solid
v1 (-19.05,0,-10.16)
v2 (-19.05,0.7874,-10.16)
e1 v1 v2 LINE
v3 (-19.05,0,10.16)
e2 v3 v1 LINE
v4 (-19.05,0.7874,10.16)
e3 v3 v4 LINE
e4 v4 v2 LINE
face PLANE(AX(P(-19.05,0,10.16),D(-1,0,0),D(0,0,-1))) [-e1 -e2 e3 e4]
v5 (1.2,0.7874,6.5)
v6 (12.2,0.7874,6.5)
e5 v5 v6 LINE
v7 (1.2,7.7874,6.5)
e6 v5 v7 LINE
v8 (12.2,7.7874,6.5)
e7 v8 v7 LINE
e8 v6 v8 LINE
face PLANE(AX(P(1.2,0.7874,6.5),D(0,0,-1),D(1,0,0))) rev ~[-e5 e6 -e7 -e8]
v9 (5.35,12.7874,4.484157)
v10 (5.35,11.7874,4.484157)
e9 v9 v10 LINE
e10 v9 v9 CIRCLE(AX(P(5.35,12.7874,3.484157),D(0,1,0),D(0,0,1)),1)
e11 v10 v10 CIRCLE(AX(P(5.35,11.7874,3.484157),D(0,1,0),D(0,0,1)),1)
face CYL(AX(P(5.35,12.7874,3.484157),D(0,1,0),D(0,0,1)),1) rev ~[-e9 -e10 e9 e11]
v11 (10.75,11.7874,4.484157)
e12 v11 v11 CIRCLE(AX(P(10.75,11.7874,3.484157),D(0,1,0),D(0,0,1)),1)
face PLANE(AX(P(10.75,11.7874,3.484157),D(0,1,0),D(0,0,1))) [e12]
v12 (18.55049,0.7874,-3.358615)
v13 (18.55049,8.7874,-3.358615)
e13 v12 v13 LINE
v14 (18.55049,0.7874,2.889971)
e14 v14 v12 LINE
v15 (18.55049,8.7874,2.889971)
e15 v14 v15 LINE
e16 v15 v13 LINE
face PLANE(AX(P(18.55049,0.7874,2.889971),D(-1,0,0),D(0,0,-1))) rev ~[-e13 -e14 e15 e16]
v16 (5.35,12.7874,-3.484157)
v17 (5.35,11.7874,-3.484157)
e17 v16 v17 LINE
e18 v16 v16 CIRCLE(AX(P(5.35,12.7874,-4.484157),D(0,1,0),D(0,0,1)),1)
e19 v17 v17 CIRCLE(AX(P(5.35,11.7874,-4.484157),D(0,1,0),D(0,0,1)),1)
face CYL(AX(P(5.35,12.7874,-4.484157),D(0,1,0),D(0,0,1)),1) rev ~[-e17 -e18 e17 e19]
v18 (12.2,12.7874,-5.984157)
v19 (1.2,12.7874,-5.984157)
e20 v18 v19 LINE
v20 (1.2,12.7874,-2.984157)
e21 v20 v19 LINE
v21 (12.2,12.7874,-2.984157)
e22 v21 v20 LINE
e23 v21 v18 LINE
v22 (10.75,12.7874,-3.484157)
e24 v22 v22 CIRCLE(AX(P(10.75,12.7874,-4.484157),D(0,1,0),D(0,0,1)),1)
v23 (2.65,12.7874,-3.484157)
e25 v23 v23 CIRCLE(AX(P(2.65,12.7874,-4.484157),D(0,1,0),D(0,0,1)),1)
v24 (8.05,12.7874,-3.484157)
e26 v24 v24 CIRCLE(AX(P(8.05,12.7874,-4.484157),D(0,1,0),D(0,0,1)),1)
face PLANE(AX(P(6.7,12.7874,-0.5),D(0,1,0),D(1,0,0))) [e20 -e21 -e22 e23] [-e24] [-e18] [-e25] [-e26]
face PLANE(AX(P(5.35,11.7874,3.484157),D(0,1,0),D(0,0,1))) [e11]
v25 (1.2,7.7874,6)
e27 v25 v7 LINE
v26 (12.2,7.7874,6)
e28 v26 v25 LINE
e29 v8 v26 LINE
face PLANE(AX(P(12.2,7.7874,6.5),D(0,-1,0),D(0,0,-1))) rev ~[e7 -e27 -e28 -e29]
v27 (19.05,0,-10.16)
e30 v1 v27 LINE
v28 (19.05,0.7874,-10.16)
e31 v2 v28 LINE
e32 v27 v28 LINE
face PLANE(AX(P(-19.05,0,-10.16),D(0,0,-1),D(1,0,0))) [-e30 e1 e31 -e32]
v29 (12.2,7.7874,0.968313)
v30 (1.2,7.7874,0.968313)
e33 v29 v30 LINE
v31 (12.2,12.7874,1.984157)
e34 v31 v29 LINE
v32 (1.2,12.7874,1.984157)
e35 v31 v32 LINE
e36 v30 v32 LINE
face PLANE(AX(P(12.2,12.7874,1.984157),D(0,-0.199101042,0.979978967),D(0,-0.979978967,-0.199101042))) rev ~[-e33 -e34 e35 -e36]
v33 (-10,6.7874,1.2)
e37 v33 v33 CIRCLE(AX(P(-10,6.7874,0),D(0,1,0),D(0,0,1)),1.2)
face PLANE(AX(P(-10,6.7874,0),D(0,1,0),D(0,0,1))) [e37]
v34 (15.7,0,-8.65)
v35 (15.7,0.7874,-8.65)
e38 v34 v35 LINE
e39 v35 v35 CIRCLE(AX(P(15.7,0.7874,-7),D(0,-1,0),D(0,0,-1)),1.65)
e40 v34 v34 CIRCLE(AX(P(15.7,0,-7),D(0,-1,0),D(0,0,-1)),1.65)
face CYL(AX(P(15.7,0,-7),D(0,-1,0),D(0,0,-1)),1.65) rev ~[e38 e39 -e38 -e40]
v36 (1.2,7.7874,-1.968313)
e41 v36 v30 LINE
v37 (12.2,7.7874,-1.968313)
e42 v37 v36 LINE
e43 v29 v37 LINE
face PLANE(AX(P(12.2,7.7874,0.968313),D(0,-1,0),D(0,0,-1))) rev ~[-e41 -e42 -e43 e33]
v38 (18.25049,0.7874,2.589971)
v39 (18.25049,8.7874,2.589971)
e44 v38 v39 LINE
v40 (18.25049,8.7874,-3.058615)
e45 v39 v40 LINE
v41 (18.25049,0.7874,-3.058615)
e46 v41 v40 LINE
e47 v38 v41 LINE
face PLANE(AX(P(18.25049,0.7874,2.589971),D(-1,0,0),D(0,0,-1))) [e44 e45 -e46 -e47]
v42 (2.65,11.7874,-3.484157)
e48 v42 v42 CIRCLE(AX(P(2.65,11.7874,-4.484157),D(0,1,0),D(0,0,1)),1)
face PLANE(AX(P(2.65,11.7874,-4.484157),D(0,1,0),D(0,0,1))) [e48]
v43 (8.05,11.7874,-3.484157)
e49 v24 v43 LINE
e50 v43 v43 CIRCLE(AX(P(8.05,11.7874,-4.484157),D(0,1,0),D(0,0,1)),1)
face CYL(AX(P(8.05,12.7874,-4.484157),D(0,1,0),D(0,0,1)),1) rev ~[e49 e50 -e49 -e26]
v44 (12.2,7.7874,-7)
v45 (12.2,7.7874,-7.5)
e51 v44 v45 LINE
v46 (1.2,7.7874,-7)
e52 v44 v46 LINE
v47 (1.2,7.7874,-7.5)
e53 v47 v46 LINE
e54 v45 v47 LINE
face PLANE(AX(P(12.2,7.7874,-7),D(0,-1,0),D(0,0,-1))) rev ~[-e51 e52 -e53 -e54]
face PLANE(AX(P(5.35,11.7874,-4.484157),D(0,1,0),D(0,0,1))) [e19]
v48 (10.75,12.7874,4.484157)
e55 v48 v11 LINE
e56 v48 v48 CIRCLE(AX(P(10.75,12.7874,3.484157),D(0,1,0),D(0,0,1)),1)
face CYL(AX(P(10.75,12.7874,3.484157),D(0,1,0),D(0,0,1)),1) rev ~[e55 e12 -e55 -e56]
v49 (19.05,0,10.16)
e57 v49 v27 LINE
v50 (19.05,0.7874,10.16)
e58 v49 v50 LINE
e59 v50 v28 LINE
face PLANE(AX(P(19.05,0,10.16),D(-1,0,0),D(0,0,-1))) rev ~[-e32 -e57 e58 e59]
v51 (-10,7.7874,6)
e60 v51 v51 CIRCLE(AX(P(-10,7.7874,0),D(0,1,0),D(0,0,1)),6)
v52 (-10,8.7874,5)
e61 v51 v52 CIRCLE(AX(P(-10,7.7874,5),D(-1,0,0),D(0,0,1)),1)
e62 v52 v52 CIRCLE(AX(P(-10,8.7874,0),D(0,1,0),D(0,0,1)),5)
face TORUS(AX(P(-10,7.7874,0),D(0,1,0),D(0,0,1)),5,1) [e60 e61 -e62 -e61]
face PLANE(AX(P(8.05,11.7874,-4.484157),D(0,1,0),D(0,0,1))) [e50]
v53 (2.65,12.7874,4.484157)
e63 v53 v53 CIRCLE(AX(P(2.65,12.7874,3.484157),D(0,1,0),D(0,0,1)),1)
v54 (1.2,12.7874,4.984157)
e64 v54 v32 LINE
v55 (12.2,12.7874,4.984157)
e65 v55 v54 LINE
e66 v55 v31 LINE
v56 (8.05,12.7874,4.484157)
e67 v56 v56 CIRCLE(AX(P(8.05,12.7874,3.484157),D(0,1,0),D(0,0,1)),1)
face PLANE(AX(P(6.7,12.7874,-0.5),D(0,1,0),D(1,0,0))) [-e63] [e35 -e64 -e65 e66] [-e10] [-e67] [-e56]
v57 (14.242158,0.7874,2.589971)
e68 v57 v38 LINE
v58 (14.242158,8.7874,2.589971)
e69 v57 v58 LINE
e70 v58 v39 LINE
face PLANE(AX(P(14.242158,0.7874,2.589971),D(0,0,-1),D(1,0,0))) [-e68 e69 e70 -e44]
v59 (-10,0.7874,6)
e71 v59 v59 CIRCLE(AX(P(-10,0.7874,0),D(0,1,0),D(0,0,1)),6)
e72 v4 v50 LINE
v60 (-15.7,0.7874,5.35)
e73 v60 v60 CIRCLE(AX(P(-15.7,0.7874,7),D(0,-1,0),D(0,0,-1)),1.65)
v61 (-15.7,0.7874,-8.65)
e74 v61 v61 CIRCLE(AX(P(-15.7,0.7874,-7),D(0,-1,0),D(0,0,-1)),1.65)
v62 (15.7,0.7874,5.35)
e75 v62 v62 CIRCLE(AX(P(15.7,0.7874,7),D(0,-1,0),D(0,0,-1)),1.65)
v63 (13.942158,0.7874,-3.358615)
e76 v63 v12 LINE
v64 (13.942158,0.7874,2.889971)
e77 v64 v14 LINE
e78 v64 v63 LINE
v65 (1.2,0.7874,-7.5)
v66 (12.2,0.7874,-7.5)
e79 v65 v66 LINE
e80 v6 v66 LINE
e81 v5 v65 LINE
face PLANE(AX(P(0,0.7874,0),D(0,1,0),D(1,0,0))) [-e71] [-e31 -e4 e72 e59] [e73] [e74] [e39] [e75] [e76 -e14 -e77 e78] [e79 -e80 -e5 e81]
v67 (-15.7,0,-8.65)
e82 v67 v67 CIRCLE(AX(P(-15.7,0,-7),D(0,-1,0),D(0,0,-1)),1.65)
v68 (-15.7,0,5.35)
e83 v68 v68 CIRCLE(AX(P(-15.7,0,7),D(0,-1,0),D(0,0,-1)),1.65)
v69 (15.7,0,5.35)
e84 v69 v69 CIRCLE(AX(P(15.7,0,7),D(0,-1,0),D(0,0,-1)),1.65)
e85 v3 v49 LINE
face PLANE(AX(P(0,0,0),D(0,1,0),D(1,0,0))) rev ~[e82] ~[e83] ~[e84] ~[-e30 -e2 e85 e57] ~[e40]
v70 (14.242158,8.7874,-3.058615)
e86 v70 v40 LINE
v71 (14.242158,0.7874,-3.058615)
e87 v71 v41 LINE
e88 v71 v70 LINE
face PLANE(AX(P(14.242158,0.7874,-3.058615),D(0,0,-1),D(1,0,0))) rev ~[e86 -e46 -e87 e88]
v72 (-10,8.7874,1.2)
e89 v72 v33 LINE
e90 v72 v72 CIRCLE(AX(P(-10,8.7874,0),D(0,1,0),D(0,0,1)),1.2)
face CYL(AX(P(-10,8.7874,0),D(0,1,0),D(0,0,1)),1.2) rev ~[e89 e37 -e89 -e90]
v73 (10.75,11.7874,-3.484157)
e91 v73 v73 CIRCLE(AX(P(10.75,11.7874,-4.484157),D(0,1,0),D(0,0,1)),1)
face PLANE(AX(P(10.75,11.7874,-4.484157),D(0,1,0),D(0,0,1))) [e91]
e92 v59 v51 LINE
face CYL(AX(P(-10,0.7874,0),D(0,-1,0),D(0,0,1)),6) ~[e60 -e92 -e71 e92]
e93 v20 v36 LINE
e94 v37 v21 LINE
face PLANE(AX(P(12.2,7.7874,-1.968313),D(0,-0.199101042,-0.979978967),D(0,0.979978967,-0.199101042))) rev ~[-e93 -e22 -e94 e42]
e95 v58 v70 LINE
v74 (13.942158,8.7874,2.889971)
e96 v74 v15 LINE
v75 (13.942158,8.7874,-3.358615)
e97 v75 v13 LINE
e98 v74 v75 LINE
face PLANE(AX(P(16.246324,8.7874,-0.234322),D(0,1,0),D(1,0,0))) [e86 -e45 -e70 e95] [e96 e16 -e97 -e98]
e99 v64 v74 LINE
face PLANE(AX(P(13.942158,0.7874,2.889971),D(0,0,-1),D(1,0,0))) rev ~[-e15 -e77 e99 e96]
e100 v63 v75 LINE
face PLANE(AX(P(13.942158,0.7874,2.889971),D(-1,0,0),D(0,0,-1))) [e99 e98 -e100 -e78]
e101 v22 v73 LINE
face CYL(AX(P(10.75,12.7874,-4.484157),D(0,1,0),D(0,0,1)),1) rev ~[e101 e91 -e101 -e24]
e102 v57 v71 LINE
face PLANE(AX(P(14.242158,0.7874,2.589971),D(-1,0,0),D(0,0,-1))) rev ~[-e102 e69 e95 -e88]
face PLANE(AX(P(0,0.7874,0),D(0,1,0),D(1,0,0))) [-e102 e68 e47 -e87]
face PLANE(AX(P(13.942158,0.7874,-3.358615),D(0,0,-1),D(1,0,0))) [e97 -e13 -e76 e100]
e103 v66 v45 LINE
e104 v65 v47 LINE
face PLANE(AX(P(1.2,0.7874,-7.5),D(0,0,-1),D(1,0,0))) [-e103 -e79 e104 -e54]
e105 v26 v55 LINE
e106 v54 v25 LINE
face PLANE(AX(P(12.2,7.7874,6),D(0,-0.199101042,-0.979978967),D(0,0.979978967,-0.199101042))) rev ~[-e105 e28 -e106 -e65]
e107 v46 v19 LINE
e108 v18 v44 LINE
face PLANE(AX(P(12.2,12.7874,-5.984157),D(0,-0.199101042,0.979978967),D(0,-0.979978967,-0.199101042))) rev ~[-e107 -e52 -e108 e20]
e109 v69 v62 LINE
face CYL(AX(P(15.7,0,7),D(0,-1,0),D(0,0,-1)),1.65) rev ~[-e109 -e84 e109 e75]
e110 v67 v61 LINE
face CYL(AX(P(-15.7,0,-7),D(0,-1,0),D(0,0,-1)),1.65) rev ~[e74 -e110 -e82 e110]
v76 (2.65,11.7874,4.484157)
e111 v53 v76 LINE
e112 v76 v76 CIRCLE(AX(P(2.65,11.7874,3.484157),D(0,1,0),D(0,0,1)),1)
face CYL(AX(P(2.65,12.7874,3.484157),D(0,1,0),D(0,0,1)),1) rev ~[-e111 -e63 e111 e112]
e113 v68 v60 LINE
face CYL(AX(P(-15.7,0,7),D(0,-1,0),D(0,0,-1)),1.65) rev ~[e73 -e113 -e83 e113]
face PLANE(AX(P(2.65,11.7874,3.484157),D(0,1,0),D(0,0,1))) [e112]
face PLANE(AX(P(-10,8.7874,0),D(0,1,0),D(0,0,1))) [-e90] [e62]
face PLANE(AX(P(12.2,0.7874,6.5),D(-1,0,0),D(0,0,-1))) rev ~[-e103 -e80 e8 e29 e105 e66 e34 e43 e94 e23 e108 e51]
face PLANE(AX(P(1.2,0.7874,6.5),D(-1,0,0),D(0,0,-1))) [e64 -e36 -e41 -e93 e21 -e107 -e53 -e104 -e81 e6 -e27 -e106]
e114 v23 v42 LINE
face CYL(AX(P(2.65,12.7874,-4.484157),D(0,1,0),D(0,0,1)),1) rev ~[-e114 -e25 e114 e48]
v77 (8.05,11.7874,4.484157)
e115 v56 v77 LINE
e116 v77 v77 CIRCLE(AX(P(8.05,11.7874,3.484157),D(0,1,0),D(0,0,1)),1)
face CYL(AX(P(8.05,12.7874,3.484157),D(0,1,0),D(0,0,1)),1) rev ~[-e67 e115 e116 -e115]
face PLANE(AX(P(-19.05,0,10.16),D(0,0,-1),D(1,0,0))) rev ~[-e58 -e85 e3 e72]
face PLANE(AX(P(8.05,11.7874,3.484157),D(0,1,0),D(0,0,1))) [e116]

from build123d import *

# Parameters (mm, degrees)
SKETCH1_W           = 38.1
SKETCH1_H           = 20.32
BOSS_EXTRUDE1_DEPTH = 0.7874
SKETCH3_R           = 1.65
CUT_EXTRUDE2_DEPTH  = 10
SKETCH4_R           = 6
BOSS_EXTRUDE2_DEPTH = 8
FILLET1_R           = 1
SKETCH5_R           = 1.2
CUT_EXTRUDE3_DEPTH  = 2
SKETCH6_W           = 11
SKETCH6_H           = 14
BOSS_EXTRUDE3_DEPTH = 12
CUT_EXTRUDE4_DEPTH  = 12
SKETCH8_R           = 1
CUT_EXTRUDE5_DEPTH  = 1
SKETCH9_W           = 4.608332255
SKETCH9_H           = 6.248586108
SKETCH9_W_2         = 4.008332255
SKETCH9_H_2         = 5.648586108
BOSS_EXTRUDE4_DEPTH = 8


with BuildPart() as part:
    # Sketch1 → Boss-Extrude1 (new body)
    with BuildSketch(Plane(origin=(0, 0, 0), x_dir=(1, 0, 0), z_dir=(0, 1, 0))):
        Rectangle(SKETCH1_W, SKETCH1_H)
    extrude(amount=BOSS_EXTRUDE1_DEPTH)

    # Sketch3 → Cut-Extrude2 (cut)
    with BuildSketch(Plane.XZ):
        with Locations(Location((-15.7, 7, 0), (0, 0, 270))):
            Circle(SKETCH3_R)
        with Locations(Location((15.7, 7, 0), (0, 0, 270))):
            Circle(SKETCH3_R)
        with Locations(Location((15.7, -7, 0), (0, 0, 270))):
            Circle(SKETCH3_R)
        with Locations(Location((-15.7, -7, 0), (0, 0, 270))):
            Circle(SKETCH3_R)
    extrude(amount=-CUT_EXTRUDE2_DEPTH, mode=Mode.SUBTRACT)

    # Sketch4 → Boss-Extrude2 (add)
    with BuildSketch(Plane(origin=(0, 0.7874, 0), x_dir=(1, 0, 0), z_dir=(0, 1, 0))):
        with Locations(Location((-10, 0, 0), (0, 0, 270))):
            Circle(SKETCH4_R)
    extrude(amount=BOSS_EXTRUDE2_DEPTH)

    # Fillet1
    fillet1_edges = [part.edges().sort_by_distance(p)[0] for p in [
        (-10, 8.7874, -6),
    ]]
    fillet(fillet1_edges, radius=FILLET1_R)

    # Sketch5 → Cut-Extrude3 (cut)
    with BuildSketch(Plane(origin=(0, 8.7874, 0), x_dir=(1, 0, 0), z_dir=(0, 1, 0))):
        with Locations(Location((-10, 0, 0), (0, 0, 270))):
            Circle(SKETCH5_R)
    extrude(amount=-CUT_EXTRUDE3_DEPTH, mode=Mode.SUBTRACT)

    # Sketch6 → Boss-Extrude3 (add)
    with BuildSketch(Plane(origin=(0, 0.7874, 0), x_dir=(1, 0, 0), z_dir=(0, 1, 0))):
        with Locations((6.7, 0.5)):
            Rectangle(SKETCH6_W, SKETCH6_H)
    extrude(amount=BOSS_EXTRUDE3_DEPTH)

    # Sketch7 → Cut-Extrude4 (cut)
    with BuildSketch(Plane(origin=(12.2, 0, 0), x_dir=(0, 0, -1), z_dir=(1, 0, 0))):
        Polygon((-6, 7.7874), (-4.984156555, 12.7874), (-6.5, 12.7874), (-6.5, 7.7874), align=None)
        Polygon((-1.984156555, 12.7874), (-0.96831311, 7.7874), (1.96831311, 7.7874), (2.984156555, 12.7874), align=None)
        Polygon((5.984156555, 12.7874), (7, 7.7874), (7.5, 7.7874), (7.5, 12.7874), align=None)
    extrude(amount=-CUT_EXTRUDE4_DEPTH, mode=Mode.SUBTRACT)

    # Sketch8 → Cut-Extrude5 (cut)
    with BuildSketch(Plane(origin=(0, 12.7874, 0), x_dir=(1, 0, 0), z_dir=(0, 1, 0))):
        with Locations(Location((10.75, -3.484156555, 0), (0, 0, 270))):
            Circle(SKETCH8_R)
        with Locations(Location((8.05, -3.484156555, 0), (0, 0, 270))):
            Circle(SKETCH8_R)
        with Locations(Location((5.35, -3.484156555, 0), (0, 0, 270))):
            Circle(SKETCH8_R)
        with Locations(Location((2.65, -3.484156555, 0), (0, 0, 270))):
            Circle(SKETCH8_R)
        with Locations(Location((10.75, 4.484156555, 0), (0, 0, 270))):
            Circle(SKETCH8_R)
        with Locations(Location((8.05, 4.484156555, 0), (0, 0, 270))):
            Circle(SKETCH8_R)
        with Locations(Location((5.35, 4.484156555, 0), (0, 0, 270))):
            Circle(SKETCH8_R)
        with Locations(Location((2.65, 4.484156555, 0), (0, 0, 270))):
            Circle(SKETCH8_R)
    extrude(amount=-CUT_EXTRUDE5_DEPTH, mode=Mode.SUBTRACT)

    # Sketch9 → Boss-Extrude4 (add)
    with BuildSketch(Plane(origin=(0, 0.7874, 0), x_dir=(1, 0, 0), z_dir=(0, 1, 0))):
        with Locations((16.246323881, 0.234321979)):
            Rectangle(SKETCH9_W, SKETCH9_H)
        with Locations((16.246323881, 0.234321979)):
            Rectangle(SKETCH9_W_2, SKETCH9_H_2, mode=Mode.SUBTRACT)
    extrude(amount=BOSS_EXTRUDE4_DEPTH)


solid = part.part
